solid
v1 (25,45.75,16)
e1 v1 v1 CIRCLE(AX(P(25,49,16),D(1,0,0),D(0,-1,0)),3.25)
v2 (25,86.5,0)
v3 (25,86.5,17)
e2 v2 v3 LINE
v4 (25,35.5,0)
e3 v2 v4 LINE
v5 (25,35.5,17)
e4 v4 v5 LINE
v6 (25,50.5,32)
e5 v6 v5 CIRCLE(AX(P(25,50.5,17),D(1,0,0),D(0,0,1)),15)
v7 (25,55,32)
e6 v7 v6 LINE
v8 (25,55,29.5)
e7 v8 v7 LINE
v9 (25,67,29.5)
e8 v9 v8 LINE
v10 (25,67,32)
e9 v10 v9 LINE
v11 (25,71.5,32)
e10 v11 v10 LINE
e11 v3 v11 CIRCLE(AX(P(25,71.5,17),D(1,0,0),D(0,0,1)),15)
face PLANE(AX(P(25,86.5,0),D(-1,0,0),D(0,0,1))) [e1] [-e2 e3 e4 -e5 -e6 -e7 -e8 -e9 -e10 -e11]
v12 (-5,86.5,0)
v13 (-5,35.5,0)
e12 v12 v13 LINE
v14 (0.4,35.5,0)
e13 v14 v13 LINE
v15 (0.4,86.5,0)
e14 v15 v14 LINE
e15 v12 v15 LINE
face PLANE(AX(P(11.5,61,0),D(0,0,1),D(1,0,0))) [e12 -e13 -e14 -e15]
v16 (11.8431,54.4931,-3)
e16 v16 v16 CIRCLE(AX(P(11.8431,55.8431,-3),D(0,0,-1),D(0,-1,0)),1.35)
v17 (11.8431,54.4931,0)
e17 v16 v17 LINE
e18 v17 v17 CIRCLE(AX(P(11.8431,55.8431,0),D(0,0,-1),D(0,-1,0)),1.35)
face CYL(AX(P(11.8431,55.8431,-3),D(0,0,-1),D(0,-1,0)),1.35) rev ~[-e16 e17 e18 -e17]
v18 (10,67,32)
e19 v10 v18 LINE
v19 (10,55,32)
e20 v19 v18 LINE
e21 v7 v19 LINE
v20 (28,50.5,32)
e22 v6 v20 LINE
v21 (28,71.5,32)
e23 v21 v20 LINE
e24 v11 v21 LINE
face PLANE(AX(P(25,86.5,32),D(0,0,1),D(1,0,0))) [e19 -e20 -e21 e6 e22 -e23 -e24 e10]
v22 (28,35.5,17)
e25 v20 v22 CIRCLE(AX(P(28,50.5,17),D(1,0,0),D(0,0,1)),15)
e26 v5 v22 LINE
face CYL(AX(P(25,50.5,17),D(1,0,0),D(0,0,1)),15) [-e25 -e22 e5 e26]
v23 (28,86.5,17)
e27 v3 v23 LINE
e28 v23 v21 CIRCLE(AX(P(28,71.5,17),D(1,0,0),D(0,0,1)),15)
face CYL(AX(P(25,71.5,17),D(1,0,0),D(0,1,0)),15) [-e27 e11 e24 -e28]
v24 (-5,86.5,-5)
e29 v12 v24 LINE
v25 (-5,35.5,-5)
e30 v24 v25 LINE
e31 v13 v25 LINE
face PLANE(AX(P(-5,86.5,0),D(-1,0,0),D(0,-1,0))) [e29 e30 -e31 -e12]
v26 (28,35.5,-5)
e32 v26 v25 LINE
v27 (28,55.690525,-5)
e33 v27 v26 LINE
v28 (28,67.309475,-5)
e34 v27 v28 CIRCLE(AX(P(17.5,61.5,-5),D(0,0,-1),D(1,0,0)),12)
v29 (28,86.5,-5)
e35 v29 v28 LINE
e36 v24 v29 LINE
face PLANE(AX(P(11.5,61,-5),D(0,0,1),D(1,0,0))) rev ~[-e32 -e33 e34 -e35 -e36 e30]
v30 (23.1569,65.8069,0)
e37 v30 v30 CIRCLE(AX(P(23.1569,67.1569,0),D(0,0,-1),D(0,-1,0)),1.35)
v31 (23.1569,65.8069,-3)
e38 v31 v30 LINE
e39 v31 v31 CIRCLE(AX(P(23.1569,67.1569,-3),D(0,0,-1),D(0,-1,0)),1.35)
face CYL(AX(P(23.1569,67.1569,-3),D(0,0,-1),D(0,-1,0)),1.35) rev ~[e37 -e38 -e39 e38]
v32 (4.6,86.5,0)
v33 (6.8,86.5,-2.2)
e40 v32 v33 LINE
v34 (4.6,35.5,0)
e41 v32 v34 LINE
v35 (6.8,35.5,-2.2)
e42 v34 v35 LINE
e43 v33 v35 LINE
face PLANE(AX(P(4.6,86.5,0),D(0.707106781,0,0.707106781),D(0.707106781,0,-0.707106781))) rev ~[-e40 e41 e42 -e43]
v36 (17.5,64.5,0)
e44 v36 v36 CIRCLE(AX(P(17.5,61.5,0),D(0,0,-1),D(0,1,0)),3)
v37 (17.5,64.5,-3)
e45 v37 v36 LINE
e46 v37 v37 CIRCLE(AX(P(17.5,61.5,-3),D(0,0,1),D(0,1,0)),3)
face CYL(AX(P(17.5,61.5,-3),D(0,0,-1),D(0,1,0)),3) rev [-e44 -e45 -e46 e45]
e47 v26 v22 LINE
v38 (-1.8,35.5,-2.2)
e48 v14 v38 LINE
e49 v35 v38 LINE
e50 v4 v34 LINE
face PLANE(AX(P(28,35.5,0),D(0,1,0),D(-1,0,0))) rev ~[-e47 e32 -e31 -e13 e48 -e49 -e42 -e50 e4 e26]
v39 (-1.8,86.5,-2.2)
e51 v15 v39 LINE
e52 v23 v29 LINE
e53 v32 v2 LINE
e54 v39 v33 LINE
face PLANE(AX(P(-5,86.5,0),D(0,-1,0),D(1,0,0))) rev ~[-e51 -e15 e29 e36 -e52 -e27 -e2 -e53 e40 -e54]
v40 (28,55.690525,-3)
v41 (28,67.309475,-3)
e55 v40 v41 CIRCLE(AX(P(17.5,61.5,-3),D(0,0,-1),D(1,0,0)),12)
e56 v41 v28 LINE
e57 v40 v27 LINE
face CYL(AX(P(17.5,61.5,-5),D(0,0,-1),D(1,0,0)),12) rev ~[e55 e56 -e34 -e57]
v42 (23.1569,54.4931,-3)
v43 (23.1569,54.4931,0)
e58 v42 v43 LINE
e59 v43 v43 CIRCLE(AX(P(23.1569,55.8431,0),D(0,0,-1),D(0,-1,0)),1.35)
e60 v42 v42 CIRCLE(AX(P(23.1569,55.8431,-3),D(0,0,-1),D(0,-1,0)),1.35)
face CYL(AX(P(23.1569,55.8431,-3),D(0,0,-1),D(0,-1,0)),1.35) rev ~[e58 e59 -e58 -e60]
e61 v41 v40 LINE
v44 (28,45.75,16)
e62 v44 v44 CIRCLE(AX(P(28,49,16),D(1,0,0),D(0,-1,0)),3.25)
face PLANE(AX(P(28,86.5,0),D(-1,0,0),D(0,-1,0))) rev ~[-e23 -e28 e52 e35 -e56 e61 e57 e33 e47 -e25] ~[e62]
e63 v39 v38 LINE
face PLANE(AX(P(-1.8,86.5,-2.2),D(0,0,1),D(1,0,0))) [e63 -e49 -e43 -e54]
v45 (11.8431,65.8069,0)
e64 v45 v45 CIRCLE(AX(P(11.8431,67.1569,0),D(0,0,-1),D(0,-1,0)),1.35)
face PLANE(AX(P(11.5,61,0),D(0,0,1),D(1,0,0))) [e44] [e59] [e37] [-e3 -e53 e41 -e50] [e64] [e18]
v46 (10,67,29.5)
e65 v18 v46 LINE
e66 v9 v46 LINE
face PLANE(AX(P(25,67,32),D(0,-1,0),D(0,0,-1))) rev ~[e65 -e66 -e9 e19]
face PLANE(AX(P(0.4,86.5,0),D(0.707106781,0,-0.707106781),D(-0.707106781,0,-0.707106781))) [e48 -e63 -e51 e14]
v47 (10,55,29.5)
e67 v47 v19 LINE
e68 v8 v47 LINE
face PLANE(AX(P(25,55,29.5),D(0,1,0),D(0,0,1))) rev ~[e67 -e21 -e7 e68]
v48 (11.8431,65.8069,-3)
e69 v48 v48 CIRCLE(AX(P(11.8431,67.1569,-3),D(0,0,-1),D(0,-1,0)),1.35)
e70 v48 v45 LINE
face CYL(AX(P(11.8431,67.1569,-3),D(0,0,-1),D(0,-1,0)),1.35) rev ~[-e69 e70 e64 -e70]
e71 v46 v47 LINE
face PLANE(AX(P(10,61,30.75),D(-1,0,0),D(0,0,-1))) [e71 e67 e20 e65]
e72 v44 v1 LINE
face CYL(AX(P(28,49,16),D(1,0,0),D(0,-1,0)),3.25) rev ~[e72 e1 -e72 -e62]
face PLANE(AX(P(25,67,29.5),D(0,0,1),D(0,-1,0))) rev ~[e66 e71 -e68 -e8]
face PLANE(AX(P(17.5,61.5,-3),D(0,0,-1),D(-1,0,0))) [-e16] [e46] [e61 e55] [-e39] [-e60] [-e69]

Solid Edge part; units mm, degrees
sketch "Sketch1" plane through (0, 0, 0) normal (0, 0, -1) x (-1, 0, 0)
  line L0 (5, 86.5) -> (5, 35.5)
  line L1 (-28, 35.5) -> (5, 35.5)
  line L2 (-28, 86.5) -> (-28, 35.5)
  line L3 (5, 86.5) -> (-28, 86.5)
  dimension "D1" = 51
  dimension "D2" = 33
extrude "Protrusion1" add sketch "Sketch1" along normal blind 5
sketch "Sketch2" plane through (8, 36.5, -5) normal (0, 0, -1) x (1, 0, 0)
  circle A0 centre (9.5, -25) radius 12
  dimension "D1" = 22.5
  dimension "D2" = 25
extrude "VaciadoExtruido_1" cut sketch "Sketch2" against normal blind 2
sketch "Sketch3" plane through (8, 86.5, -2) normal (0, 1, 0) x (1, 0, 0)
  line L0 (-7.6, -2) -> (-9.8, 0.2)
  line L1 (-9.8, 0.2) -> (-5.5, 0.2)
  line L2 (-1.2, 0.2) -> (-5.5, 0.2)
  line L3 (-3.4, -2) -> (-1.2, 0.2)
  line L4 (-3.4, -2) -> (-5.5, -2)
  line L5 (-7.6, -2) -> (-5.5, -2)
extrude "Cutout1" cut sketch "Sketch3" against normal through all
sketch "Sketch4" plane through (8, 86.5, -2.5) normal (0, 1, 0) x (1, 0, 0)
  line L0 (20, -34.5) -> (20, -2.5)
  line L1 (20, -2.5) -> (17, -2.5)
  line L2 (17, -2.5) -> (17, -34.5)
  line L3 (17, -34.5) -> (20, -34.5)
extrude "ProtrusiónExtruida_4" add sketch "Sketch4" against normal blind 51
hole "Agujero_10" at (17.5, 61.5, -3) direction (0, 0, 1) diameter 6 end up to next
sketch "Sketch5" plane through (16.75, 61.5, -3) normal (0, 0, -1) x (0, -1, 0)
  circle A0 centre (-5.6569, 4.9069) radius 1.35
  circle A1 centre (-5.6569, -6.4069) radius 1.35
  circle A2 centre (5.6569, 4.9069) radius 1.35
  circle A3 centre (5.6569, -6.4069) radius 1.35
  dimension "D1" = 16
  dimension "D2" = 2.7
extrude "Cutout2" cut sketch "Sketch5" against normal through all
fillet "Redondeo_1" radius 15 1 edges at (26.5, 86.5, 32)
fillet "Redondeo_2" radius 15 1 edges at (26.5, 35.5, 32)
sketch "Sketch6" plane through (28, 61, 13.5) normal (1, 0, 0) x (0, -1, 0)
  circle A0 centre (12, -2.5) radius 3.25
extrude "Cutout3" cut sketch "Sketch6" against normal through all
sketch "Sketch7" plane through (25, 61, 16) normal (-1, 0, 0) x (0, 1, 0)
  line L0 (6, -13.5) -> (-6, -13.5)
  line L1 (-6, -13.5) -> (-6, -16)
  line L2 (-6, -16) -> (6, -16)
  line L3 (6, -16) -> (6, -13.5)
extrude "ProtrusiónExtruida_5" add sketch "Sketch7" along normal blind 15
properties material "Aluminio, 7075-T6"
